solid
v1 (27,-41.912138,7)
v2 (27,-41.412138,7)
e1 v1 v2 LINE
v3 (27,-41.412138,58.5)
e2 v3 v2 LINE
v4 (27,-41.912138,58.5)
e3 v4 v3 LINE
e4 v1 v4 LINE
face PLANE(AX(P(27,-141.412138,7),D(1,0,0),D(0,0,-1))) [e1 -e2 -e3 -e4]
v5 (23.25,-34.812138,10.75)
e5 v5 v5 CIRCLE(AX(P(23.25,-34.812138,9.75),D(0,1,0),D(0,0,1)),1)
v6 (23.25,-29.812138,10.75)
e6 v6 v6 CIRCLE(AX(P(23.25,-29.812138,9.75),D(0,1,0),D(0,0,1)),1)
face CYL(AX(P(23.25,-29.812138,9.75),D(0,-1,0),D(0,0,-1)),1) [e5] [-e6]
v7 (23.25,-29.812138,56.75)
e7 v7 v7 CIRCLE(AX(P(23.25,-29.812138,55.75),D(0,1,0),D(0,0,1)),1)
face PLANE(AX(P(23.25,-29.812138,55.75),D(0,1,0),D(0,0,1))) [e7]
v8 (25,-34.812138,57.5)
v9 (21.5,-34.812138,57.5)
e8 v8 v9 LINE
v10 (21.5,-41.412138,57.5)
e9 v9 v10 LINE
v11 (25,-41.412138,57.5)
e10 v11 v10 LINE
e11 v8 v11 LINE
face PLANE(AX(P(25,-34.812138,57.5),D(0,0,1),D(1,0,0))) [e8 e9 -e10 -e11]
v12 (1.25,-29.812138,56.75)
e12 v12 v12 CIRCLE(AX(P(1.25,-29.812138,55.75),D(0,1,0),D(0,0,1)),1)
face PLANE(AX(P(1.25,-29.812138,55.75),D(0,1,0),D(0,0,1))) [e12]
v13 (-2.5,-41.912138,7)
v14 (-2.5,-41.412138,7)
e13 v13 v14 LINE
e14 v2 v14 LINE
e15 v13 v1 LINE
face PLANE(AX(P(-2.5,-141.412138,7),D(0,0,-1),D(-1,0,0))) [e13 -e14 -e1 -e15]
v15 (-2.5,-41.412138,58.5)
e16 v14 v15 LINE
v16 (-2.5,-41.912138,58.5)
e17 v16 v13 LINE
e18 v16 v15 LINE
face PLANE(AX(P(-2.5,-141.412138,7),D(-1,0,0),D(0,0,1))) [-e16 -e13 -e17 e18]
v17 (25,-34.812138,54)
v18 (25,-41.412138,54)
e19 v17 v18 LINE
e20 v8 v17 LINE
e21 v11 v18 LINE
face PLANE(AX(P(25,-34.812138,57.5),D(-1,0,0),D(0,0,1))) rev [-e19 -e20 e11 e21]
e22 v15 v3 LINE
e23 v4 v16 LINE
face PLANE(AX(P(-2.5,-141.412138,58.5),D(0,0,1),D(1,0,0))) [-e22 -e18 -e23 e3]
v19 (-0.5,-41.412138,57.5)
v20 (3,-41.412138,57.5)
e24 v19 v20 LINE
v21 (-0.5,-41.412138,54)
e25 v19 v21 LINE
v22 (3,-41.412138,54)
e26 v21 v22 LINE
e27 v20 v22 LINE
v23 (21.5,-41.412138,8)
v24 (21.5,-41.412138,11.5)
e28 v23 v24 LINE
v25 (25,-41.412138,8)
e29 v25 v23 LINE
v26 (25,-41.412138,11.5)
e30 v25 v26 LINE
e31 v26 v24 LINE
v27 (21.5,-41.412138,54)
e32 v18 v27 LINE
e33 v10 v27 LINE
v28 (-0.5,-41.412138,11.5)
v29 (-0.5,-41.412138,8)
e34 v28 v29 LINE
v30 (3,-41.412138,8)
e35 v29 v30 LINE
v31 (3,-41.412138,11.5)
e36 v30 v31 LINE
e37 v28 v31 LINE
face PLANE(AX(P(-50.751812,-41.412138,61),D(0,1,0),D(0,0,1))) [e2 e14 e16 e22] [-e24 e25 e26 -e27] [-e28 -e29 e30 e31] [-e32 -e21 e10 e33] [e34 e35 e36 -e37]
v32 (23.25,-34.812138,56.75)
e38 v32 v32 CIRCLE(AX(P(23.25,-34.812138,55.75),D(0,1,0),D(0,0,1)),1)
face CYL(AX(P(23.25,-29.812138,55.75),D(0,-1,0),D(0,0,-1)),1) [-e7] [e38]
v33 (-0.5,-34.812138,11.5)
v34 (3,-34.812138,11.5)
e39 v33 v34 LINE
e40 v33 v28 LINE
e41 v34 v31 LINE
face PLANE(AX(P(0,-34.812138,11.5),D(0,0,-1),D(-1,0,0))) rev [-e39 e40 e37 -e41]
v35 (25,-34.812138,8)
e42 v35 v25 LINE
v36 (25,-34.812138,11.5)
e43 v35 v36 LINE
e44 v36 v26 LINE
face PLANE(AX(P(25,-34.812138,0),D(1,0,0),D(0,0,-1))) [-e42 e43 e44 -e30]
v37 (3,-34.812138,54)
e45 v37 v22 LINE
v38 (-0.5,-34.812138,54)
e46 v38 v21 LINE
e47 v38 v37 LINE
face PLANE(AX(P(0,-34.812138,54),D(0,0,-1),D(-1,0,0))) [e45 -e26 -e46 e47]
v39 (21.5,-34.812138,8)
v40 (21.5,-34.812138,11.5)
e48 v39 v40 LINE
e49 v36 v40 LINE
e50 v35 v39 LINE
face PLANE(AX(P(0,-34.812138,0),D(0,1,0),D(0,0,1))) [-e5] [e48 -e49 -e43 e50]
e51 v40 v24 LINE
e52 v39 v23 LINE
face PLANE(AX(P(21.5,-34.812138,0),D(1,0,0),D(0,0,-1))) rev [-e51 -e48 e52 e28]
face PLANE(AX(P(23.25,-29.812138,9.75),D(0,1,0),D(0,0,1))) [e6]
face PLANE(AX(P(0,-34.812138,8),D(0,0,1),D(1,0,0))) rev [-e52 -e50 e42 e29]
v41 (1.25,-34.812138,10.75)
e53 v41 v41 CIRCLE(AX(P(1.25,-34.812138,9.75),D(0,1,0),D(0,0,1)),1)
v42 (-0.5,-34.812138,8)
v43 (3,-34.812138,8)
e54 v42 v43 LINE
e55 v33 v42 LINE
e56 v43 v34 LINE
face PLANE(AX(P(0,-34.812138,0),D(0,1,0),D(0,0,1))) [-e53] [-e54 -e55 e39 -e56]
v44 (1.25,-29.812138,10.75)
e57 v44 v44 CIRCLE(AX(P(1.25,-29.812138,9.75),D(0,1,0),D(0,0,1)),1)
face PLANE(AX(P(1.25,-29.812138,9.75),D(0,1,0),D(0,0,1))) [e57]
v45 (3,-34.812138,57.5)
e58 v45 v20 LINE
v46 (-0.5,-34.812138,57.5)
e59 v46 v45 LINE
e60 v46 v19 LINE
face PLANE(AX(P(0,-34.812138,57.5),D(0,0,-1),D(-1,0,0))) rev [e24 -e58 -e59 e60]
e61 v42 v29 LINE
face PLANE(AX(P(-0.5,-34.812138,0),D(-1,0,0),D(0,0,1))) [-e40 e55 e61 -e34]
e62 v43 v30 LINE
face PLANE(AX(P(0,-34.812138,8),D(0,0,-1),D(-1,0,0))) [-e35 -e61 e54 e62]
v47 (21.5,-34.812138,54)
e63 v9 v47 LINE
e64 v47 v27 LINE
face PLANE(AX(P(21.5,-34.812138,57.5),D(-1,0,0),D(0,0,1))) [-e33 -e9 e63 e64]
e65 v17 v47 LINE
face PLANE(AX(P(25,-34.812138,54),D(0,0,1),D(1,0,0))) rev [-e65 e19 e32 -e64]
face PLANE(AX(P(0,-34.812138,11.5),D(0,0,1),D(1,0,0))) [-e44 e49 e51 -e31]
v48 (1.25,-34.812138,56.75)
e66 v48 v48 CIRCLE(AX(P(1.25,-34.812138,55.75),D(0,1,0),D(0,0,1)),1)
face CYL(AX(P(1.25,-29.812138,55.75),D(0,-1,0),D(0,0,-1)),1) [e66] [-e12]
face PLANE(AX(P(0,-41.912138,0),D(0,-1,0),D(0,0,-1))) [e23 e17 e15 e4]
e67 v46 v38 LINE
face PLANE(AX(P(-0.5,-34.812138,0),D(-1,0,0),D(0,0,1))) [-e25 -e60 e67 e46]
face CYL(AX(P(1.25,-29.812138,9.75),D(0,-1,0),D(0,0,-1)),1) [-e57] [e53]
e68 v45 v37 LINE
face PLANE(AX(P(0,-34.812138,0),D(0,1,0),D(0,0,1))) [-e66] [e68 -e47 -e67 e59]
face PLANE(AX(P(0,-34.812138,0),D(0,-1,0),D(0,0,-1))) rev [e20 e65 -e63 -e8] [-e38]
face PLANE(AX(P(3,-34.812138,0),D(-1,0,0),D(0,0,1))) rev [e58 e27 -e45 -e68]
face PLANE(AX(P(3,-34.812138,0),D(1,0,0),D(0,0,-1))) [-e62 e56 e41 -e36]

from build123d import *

# Parameters (mm, degrees)
SKETCH_1_W          = 140
SKETCH_1_H          = 75
EXTRUDE_1_DEPTH     = 61
SHELL_1_T           = -1.5
SKETCH_3_W          = 130
SKETCH_3_H          = 65
CUT_EXTRUDE_1_DEPTH = 117.308601118
SKETCH_4_W          = 137
SKETCH_4_H          = 2.6
SKETCH_4_H_2        = 3.3
EXTRUDE_2_DEPTH     = 5
SKETCH_5_W          = 2.4
SKETCH_5_H          = 69.4
EXTRUDE_3_DEPTH     = 5
SKETCH_20_W         = 3.5
SKETCH_20_H         = 3.5
EXTRUDE_4_DEPTH     = 6.6
SKETCH_21_R         = 1
EXTRUDE_5_DEPTH     = 5
SKETCH_22_W         = 140
SKETCH_22_H         = 61
SKETCH_22_W_2       = 29.5
SKETCH_22_H_2       = 51.5
CUT_EXTRUDE_4_DEPTH = 100
SKETCH_23_W         = 29.5
SKETCH_23_H         = 51.5
CUT_EXTRUDE_5_DEPTH = 1


with BuildPart() as part:
    # 草图1 → 凸台-拉伸1 (new body)
    with BuildSketch(Plane.XY):
        with Locations((19.248188406, -5.412137681)):
            Rectangle(SKETCH_1_W, SKETCH_1_H)
    extrude(amount=EXTRUDE_1_DEPTH)

    # 抽壳1
    shell_1_openings = [part.faces().sort_by_distance(p)[0] for p in [
        (19.248188406, -5.412137681, 61),
    ]]
    offset(amount=SHELL_1_T, openings=shell_1_openings, kind=Kind.INTERSECTION)

    # 草图3 → 切除-拉伸1 (cut, through all)
    with BuildSketch(Plane(origin=(0, 0, 0), x_dir=(-1, 0, 0), z_dir=(0, 0, -1))):
        with Locations((-19.248188406, -5.412137681)):
            Rectangle(SKETCH_3_W, SKETCH_3_H)
    extrude(amount=-CUT_EXTRUDE_1_DEPTH, mode=Mode.SUBTRACT)

    # 草图4 → 凸台-拉伸2 (add)
    with BuildSketch(Plane.XY.offset(1.5)):
        with Locations((19.248188406, -40.112137681)):
            Rectangle(SKETCH_4_W, SKETCH_4_H)
        with Locations((19.248188406, 28.937862319)):
            Rectangle(SKETCH_4_W, SKETCH_4_H_2)
    extrude(amount=EXTRUDE_2_DEPTH)

    # 草图5 → 凸台-拉伸3 (add)
    with BuildSketch(Plane.XY.offset(1.5)):
        with Locations((-48.051811594, -4.112137681)):
            Rectangle(SKETCH_5_W, SKETCH_5_H)
        with Locations((86.548188406, -4.112137681)):
            Rectangle(SKETCH_5_W, SKETCH_5_H)
    extrude(amount=EXTRUDE_3_DEPTH)

    # 草图20 → 凸台-拉伸4 (add)
    with BuildSketch(Plane(origin=(0, -41.412137681, 0), x_dir=(1, 0, 0), z_dir=(0, 1, 0))):
        with Locations((1.25, -55.75)):
            Rectangle(SKETCH_20_W, SKETCH_20_H)
        with Locations((1.25, -9.75)):
            Rectangle(SKETCH_20_W, SKETCH_20_H)
        with Locations((23.25, -9.75)):
            Rectangle(SKETCH_20_W, SKETCH_20_H)
        with Locations((23.25, -55.75)):
            Rectangle(SKETCH_20_W, SKETCH_20_H)
    extrude(amount=EXTRUDE_4_DEPTH)

    # 草图21 → 凸台-拉伸5 (add)
    with BuildSketch(Plane(origin=(0, -34.812137681, 0), x_dir=(1, 0, 0), z_dir=(0, 1, 0))):
        with Locations(Location((1.25, -55.75, 0), (0, 0, 270))):
            Circle(SKETCH_21_R)
        with Locations(Location((1.25, -9.75, 0), (0, 0, 270))):
            Circle(SKETCH_21_R)
        with Locations(Location((23.25, -9.75, 0), (0, 0, 270))):
            Circle(SKETCH_21_R)
        with Locations(Location((23.25, -55.75, 0), (0, 0, 270))):
            Circle(SKETCH_21_R)
    extrude(amount=EXTRUDE_5_DEPTH)

    # 草图22 → 切除-拉伸4 (cut, symmetric)
    with BuildSketch(Plane(origin=(0, -41.412137681, 0), x_dir=(1, 0, 0), z_dir=(0, 1, 0))):
        with Locations((19.248188406, -30.5)):
            Rectangle(SKETCH_22_W, SKETCH_22_H)
        with Locations((12.25, -32.75)):
            Rectangle(SKETCH_22_W_2, SKETCH_22_H_2, mode=Mode.SUBTRACT)
    extrude(amount=CUT_EXTRUDE_4_DEPTH, both=True, mode=Mode.SUBTRACT)


with BuildPart() as cut_extrude_4_kept_piece:
    # of the separate pieces the step leaves, the one the design keeps (cut_extrude_4_pieces_kept)
    add(part.part.solids().sort_by_distance((27, -42.912137681, 7))[0])

    # 草图23 → 切除-拉伸5 (cut)
    with BuildSketch(Plane.XZ.offset(42.912137681)):
        with Locations((12.25, 32.75)):
            Rectangle(SKETCH_23_W, SKETCH_23_H)
    extrude(amount=-CUT_EXTRUDE_5_DEPTH, mode=Mode.SUBTRACT)


solid = cut_extrude_4_kept_piece.part
